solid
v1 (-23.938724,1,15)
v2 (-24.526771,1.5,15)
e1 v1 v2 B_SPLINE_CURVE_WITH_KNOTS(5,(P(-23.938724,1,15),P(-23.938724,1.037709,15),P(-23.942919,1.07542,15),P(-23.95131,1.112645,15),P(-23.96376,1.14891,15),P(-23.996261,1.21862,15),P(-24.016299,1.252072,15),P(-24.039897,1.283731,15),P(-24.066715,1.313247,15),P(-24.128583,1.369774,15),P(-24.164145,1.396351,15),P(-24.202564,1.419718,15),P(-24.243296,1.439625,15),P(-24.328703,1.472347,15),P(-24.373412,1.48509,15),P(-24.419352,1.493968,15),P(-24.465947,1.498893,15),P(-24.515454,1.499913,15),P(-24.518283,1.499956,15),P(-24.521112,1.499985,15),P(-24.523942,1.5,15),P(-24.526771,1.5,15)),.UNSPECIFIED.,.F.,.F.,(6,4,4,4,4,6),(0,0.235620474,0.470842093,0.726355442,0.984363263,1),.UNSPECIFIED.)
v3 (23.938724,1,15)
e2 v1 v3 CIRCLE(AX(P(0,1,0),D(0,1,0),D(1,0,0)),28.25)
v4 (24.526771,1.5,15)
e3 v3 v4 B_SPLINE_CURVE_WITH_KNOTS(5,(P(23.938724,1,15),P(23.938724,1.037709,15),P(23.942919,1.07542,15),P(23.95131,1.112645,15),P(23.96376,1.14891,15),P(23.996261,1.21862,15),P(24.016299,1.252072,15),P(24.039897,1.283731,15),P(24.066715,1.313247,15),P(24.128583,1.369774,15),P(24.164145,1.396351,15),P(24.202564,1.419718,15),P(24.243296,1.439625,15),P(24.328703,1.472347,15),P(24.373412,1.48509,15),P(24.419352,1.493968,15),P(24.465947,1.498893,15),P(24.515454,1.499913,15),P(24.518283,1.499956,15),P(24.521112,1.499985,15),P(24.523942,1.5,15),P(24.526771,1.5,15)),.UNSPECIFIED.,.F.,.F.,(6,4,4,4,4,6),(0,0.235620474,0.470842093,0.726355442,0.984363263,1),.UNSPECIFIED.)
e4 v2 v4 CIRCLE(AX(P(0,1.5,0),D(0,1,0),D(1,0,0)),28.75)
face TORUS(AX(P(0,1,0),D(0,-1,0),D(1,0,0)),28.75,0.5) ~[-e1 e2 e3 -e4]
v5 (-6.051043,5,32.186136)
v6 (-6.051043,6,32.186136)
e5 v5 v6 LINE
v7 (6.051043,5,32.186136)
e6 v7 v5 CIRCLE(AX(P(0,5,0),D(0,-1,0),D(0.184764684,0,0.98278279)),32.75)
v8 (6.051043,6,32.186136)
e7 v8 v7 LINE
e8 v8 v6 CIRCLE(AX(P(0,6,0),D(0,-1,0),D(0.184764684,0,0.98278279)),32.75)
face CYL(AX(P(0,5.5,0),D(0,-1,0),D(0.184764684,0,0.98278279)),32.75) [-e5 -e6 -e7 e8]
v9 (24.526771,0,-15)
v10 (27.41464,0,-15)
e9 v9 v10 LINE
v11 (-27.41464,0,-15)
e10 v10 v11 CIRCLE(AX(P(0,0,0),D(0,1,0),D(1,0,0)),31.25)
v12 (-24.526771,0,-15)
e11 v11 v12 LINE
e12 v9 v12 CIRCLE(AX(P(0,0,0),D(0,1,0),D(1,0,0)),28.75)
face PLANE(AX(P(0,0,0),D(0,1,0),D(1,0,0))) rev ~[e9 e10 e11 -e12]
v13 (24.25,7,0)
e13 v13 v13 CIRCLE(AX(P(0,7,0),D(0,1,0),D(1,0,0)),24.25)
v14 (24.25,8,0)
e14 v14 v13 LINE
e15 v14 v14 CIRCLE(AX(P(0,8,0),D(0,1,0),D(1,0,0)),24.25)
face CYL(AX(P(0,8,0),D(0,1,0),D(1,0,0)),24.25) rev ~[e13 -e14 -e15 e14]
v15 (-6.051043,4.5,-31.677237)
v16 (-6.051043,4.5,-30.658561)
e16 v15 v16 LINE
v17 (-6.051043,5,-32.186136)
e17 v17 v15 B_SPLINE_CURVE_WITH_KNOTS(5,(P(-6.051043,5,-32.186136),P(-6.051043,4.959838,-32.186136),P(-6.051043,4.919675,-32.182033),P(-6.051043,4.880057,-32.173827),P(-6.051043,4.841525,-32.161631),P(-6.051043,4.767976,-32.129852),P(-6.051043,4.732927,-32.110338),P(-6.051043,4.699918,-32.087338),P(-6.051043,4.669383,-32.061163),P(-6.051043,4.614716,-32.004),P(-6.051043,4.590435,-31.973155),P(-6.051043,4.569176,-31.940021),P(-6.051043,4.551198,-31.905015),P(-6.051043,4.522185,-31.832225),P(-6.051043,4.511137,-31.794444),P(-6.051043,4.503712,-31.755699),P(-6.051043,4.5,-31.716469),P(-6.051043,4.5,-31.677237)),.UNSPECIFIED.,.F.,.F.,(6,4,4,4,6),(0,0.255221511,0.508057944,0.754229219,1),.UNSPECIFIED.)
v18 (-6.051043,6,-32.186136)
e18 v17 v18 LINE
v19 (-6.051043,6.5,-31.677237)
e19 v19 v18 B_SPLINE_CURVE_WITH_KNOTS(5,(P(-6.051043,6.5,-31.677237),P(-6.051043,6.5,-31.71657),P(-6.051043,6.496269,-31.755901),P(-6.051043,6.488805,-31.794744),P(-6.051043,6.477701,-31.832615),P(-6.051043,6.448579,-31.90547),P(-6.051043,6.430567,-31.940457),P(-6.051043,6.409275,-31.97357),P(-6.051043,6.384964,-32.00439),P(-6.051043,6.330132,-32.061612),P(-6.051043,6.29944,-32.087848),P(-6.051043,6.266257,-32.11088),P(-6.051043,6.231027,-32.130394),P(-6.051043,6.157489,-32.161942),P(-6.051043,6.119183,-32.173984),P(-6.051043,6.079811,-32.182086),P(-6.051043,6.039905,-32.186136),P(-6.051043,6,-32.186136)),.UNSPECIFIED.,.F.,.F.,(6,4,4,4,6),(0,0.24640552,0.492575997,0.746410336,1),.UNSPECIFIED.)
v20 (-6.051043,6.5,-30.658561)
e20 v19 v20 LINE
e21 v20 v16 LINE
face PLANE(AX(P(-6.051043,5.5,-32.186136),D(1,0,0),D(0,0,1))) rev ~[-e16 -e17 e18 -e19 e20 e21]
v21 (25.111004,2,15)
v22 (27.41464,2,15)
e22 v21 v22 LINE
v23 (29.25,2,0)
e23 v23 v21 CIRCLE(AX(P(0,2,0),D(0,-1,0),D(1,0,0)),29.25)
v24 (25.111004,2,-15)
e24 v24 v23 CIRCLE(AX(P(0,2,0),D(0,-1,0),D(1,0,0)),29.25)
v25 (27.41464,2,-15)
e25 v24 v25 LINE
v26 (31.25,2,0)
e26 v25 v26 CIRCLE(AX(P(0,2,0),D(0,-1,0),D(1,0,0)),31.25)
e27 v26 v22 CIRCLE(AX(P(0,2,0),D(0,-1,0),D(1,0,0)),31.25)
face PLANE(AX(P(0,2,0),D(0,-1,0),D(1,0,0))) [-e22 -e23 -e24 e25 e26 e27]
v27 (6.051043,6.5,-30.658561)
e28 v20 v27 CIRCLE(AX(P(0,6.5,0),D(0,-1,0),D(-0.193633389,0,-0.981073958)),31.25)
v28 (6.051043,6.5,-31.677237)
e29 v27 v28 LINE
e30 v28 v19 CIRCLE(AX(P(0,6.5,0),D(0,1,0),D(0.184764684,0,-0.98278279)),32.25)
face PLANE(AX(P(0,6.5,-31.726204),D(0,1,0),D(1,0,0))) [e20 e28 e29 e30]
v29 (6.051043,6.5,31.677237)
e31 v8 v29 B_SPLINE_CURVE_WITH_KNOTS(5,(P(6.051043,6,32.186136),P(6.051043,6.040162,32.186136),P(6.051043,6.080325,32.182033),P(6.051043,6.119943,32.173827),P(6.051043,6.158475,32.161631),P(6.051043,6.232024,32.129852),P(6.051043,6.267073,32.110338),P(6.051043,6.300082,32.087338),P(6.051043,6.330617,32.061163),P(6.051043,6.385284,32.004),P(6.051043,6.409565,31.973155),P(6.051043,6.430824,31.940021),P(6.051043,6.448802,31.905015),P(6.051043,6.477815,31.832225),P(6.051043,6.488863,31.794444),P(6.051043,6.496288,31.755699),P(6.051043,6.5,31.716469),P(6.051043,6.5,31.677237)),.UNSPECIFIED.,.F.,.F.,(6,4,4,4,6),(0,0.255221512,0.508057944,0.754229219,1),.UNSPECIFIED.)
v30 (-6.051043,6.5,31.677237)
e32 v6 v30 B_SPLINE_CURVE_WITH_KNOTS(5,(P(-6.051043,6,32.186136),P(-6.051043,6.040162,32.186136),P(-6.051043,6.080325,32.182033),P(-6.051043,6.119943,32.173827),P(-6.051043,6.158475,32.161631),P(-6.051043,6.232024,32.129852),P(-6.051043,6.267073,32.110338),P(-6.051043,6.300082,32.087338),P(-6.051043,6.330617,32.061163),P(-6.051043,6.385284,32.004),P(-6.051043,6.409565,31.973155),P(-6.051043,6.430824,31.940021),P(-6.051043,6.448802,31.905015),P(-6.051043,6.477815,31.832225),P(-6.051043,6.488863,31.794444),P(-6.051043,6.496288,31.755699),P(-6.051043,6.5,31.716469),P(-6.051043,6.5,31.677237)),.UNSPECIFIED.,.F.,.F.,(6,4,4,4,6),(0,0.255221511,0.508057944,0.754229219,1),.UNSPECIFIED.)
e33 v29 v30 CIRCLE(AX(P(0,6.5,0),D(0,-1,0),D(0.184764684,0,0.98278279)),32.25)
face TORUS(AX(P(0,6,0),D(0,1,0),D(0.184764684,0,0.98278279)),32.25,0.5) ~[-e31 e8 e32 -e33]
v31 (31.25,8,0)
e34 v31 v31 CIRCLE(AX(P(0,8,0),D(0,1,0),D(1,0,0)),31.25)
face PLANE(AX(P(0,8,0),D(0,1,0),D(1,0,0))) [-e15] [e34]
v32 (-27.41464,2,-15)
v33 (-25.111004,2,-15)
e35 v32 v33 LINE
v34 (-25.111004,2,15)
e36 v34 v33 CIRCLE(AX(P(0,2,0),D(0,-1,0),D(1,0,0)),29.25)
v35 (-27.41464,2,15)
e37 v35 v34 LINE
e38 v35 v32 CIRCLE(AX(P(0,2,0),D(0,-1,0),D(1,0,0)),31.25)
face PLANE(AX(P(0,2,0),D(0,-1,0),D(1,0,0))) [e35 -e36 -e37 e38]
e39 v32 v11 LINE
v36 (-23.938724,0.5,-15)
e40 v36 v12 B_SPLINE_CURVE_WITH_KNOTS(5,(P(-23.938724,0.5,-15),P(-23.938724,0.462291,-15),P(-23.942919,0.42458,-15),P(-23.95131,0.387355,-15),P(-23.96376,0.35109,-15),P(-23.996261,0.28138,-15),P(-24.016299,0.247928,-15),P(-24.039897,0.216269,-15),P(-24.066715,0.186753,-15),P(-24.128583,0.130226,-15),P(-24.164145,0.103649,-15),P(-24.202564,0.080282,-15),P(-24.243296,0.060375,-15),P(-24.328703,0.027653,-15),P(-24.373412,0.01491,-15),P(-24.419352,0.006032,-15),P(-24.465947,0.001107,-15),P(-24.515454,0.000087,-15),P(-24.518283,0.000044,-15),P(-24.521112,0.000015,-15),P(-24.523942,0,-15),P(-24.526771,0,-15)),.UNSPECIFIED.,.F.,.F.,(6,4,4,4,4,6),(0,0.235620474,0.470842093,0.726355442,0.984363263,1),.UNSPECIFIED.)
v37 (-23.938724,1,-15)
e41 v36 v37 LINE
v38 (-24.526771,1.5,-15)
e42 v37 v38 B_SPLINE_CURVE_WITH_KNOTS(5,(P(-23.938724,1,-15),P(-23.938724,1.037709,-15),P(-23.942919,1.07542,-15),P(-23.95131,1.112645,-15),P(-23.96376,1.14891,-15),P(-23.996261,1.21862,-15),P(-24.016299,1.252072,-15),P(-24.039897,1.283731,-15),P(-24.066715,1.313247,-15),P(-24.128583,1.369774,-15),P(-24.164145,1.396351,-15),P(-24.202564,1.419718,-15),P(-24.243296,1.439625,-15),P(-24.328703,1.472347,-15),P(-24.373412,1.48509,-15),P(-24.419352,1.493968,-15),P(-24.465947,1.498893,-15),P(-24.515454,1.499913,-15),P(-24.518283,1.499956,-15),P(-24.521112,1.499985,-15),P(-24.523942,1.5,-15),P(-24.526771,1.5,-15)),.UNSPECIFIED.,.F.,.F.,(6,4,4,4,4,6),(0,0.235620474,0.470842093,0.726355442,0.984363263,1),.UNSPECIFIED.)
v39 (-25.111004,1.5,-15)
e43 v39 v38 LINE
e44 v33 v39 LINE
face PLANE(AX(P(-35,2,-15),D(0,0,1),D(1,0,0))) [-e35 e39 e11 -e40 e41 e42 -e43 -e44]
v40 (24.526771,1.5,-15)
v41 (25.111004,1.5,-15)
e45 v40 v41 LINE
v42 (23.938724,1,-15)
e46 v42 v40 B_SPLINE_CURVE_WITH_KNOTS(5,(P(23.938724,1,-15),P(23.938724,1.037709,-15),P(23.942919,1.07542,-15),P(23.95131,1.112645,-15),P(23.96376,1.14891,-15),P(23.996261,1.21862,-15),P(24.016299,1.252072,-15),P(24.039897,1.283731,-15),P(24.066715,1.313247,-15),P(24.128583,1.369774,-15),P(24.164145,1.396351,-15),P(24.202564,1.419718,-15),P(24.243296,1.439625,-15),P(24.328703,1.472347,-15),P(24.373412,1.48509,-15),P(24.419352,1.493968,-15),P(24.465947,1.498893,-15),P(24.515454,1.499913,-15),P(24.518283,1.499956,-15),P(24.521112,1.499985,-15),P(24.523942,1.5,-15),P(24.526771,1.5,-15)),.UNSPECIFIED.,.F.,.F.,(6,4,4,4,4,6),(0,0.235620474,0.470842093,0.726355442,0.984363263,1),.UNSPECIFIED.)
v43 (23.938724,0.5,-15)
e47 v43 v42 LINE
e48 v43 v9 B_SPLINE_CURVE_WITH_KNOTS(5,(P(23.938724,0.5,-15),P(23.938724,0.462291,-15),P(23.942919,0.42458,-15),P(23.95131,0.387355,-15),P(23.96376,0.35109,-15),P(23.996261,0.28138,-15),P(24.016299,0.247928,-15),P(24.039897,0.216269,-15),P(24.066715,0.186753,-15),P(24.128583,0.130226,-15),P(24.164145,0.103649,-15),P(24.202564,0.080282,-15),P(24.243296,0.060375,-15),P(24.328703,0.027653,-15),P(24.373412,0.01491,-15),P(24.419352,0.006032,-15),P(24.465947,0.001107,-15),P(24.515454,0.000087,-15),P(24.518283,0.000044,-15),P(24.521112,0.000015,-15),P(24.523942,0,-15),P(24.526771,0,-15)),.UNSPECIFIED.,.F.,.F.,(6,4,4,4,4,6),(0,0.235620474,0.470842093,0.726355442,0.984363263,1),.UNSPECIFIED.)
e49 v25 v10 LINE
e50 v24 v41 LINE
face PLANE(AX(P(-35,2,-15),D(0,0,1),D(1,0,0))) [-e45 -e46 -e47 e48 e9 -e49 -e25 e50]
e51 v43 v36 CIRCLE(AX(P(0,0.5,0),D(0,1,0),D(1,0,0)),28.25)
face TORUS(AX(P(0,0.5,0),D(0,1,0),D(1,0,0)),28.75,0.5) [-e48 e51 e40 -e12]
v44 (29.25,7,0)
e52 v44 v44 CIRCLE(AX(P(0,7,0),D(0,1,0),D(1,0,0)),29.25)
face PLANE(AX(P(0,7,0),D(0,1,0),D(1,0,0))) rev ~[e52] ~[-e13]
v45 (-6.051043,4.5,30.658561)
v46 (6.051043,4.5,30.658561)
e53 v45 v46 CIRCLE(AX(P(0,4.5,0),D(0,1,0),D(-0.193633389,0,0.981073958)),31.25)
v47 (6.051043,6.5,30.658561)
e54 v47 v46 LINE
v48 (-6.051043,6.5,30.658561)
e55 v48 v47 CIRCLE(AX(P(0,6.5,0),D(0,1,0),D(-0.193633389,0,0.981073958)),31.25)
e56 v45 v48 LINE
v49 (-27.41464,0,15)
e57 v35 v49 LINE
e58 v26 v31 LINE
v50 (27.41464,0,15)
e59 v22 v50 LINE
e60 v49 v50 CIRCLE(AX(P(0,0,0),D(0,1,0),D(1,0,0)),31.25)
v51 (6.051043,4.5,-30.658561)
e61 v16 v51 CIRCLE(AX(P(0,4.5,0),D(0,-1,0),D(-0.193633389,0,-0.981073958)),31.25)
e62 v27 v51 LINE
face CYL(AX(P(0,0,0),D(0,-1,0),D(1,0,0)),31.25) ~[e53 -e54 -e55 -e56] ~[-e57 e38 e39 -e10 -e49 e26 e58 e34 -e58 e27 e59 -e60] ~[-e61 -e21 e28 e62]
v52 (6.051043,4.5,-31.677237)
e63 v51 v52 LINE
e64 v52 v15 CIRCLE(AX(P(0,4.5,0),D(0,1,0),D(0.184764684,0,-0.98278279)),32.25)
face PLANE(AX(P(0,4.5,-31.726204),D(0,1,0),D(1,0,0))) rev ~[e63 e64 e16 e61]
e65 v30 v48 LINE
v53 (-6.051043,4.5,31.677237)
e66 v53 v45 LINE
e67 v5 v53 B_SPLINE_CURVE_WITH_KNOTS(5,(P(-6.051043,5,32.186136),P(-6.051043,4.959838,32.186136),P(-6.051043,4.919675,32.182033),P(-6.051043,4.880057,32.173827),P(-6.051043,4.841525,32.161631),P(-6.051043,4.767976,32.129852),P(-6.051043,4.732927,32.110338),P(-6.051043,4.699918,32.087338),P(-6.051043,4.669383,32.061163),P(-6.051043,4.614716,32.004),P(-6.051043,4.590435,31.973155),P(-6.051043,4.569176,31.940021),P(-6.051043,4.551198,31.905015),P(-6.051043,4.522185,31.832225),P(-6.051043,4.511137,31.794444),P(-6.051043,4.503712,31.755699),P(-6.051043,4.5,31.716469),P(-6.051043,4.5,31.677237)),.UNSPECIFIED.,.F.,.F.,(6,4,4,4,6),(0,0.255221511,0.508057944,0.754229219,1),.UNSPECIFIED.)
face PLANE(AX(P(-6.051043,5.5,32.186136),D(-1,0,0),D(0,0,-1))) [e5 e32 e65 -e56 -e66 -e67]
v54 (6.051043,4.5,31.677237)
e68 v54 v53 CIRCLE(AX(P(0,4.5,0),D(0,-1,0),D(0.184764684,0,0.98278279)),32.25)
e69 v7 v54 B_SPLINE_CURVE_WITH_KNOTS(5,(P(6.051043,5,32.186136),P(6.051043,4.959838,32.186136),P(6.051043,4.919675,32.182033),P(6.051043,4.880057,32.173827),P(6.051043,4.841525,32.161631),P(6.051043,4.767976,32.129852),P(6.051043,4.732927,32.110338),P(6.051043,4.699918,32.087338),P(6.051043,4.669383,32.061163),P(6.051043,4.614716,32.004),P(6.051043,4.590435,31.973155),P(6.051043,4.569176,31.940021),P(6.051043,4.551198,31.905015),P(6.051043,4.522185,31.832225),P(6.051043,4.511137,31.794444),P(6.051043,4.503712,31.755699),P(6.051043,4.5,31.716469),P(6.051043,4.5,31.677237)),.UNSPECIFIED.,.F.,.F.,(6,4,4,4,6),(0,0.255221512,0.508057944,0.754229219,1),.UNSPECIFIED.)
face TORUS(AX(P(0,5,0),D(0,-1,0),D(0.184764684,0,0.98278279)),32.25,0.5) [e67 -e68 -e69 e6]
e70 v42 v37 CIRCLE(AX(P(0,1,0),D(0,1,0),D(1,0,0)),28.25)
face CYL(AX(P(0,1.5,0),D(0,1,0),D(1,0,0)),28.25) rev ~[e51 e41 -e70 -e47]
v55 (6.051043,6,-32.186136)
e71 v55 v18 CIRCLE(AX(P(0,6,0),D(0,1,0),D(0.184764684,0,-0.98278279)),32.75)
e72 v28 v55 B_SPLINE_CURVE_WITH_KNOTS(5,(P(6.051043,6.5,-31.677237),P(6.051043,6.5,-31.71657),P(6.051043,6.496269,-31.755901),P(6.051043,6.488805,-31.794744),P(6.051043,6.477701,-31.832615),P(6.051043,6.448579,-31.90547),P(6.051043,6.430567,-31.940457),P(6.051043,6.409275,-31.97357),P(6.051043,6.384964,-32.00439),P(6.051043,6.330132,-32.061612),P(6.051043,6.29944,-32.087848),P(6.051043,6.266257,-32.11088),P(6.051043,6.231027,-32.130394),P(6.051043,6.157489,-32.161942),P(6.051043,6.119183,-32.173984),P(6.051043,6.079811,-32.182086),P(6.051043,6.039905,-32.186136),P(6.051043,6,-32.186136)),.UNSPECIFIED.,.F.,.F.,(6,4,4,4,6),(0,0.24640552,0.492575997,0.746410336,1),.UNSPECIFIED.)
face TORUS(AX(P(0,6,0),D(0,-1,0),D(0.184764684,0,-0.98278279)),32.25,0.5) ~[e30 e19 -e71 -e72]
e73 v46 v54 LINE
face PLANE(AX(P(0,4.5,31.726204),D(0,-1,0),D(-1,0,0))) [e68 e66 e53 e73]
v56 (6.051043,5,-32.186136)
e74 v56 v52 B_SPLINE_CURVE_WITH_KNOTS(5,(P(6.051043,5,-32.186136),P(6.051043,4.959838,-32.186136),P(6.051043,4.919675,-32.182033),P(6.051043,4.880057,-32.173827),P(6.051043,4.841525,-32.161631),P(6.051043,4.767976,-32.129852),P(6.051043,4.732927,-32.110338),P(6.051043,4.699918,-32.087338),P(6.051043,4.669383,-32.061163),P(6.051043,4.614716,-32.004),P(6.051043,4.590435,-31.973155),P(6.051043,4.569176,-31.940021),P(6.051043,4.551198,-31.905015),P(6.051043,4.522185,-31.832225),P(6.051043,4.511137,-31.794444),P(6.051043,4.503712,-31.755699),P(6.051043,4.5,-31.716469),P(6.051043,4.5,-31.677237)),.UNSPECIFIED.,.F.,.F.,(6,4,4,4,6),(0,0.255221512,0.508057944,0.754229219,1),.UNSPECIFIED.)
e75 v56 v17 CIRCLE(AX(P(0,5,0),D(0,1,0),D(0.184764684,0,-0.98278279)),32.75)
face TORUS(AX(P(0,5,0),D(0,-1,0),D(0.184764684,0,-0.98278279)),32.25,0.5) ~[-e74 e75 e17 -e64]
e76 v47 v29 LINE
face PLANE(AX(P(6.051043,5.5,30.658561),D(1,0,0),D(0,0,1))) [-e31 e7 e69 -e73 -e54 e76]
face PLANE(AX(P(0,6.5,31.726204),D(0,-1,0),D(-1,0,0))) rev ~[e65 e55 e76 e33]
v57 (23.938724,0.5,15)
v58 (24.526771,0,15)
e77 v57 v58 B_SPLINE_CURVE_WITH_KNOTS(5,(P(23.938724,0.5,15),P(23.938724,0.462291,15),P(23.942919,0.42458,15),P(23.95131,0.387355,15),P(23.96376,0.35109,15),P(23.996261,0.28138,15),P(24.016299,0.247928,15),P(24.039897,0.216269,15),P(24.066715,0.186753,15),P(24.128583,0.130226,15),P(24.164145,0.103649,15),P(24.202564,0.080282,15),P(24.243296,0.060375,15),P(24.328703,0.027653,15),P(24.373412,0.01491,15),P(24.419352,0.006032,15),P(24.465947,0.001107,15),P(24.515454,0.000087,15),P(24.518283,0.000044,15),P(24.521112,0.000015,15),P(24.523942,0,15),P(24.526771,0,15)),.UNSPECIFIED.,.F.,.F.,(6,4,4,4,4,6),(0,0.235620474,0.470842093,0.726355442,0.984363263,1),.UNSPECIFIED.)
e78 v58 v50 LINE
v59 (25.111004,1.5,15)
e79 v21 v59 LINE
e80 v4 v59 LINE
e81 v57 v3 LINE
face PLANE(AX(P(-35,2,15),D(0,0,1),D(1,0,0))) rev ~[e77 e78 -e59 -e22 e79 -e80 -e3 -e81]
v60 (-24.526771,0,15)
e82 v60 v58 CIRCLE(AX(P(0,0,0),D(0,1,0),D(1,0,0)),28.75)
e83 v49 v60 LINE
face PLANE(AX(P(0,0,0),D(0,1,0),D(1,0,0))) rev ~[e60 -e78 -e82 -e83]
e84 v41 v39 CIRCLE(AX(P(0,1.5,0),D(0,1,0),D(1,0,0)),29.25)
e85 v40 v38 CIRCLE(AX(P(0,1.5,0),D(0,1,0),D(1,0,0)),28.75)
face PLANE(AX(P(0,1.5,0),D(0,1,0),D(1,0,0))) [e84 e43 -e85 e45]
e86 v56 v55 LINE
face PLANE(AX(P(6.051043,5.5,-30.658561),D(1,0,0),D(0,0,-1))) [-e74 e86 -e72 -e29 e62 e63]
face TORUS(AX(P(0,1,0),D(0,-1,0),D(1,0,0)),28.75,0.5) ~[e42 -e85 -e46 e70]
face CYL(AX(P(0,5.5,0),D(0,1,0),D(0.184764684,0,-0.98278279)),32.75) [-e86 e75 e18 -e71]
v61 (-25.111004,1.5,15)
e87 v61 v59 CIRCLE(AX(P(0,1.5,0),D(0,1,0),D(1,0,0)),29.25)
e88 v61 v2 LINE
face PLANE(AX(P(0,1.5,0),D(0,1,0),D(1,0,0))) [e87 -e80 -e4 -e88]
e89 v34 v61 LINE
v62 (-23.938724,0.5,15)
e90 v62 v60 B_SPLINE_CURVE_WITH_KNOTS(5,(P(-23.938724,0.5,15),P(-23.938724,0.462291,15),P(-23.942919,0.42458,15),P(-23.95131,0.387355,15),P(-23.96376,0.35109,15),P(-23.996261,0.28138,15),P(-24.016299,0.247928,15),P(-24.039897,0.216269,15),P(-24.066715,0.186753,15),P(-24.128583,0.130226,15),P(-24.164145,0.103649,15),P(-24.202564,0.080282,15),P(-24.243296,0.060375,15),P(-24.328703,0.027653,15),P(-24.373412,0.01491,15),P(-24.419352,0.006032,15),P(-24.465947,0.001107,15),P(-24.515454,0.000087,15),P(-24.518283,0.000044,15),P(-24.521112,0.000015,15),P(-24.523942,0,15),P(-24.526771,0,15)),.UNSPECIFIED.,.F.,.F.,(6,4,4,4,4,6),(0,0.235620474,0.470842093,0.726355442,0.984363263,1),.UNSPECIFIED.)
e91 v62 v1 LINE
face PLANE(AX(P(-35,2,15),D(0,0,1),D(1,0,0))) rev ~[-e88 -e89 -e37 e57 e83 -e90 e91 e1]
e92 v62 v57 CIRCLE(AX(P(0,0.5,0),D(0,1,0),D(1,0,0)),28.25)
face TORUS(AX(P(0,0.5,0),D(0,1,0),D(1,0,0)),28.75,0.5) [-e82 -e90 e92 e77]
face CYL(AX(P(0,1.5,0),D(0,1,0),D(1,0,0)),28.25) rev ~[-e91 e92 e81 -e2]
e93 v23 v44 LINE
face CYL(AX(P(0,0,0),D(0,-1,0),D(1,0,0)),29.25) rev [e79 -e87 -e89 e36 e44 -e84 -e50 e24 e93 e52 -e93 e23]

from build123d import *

# Parameters (mm, degrees)
SKETCH1_R                = 31.25
SKETCH1_R_2              = 29.25
BOSS_EXTRUDE2_DEPTH      = 8
SKETCH3_R                = 29.25
SKETCH3_R_2              = 28.25
BOSS_EXTRUDE3_DEPTH      = 1.5
FILLET1_R                = 0.5
SKETCH4_R                = 29.25
SKETCH4_R_2              = 24.25
BOSS_EXTRUDE4_DEPTH      = 1
CUT_EXTRUDE3_START       = 5
SKETCH5_W                = 70
SKETCH5_H                = 30
CUT_EXTRUDE3_DEPTH       = 2
BOSS_EXTRUDE5_DEPTH      = 1
BOSS_EXTRUDE5_DEPTH_BACK = 1
FILLET3_R                = 0.5


with BuildPart() as part:
    # Sketch1 → Boss-Extrude2 (new body)
    with BuildSketch(Plane(origin=(0, 0, 0), x_dir=(1, 0, 0), z_dir=(0, 1, 0))):
        Circle(SKETCH1_R)
        Circle(SKETCH1_R_2, mode=Mode.SUBTRACT)
    extrude(amount=BOSS_EXTRUDE2_DEPTH)

    # Sketch3 → Boss-Extrude3 (add)
    with BuildSketch(Plane(origin=(0, 1.5, 0), x_dir=(1, 0, 0), z_dir=(0, 1, 0))):
        Circle(SKETCH3_R)
        Circle(SKETCH3_R_2, mode=Mode.SUBTRACT)
    extrude(amount=-BOSS_EXTRUDE3_DEPTH)

    # Fillet1
    fillet1_edges = [part.edges().sort_by_distance(p)[0] for p in [
        (-28.25, 0, 0),
        (-28.25, 1.5, 0),
    ]]
    fillet(fillet1_edges, radius=FILLET1_R)

    # Sketch4 → Boss-Extrude4 (add)
    with BuildSketch(Plane(origin=(0, 8, 0), x_dir=(1, 0, 0), z_dir=(0, 1, 0))):
        Circle(SKETCH4_R)
        Circle(SKETCH4_R_2, mode=Mode.SUBTRACT)
    extrude(amount=-BOSS_EXTRUDE4_DEPTH)

    # Sketch5 → Cut-Extrude3 (cut)
    with BuildSketch(Plane.XZ.offset(-7).offset(CUT_EXTRUDE3_START)):
        Rectangle(SKETCH5_W, SKETCH5_H)
    extrude(amount=CUT_EXTRUDE3_DEPTH, mode=Mode.SUBTRACT)

    # Sketch6 → Boss-Extrude5 (add, two sides)
    with BuildSketch(Plane(origin=(0, 5.5, 0), x_dir=(1, 0, 0), z_dir=(0, 1, 0))) as boss_extrude5_sk:
        with BuildLine():
            Line((6.051043417, 30.658561179), (6.051043417, 32.186136357))
            ThreePointArc((6.051043417, 32.186136357), (0, 32.75), (-6.051043417, 32.186136357))
            Line((-6.051043417, 32.186136357), (-6.051043417, 30.658561179))
            ThreePointArc((-6.051043417, 30.658561179), (0, 31.25), (6.051043417, 30.658561179))
        make_face()
        with BuildLine():
            Line((-6.051043417, -32.186136357), (-6.051043417, -30.658561179))
            ThreePointArc((-6.051043417, -30.658561179), (0, -31.25), (6.051043417, -30.658561179))
            Line((6.051043417, -30.658561179), (6.051043417, -32.186136357))
            ThreePointArc((6.051043417, -32.186136357), (0, -32.75), (-6.051043417, -32.186136357))
        make_face()
    extrude(amount=BOSS_EXTRUDE5_DEPTH)
    extrude(boss_extrude5_sk.sketch, amount=-BOSS_EXTRUDE5_DEPTH_BACK)

    # Fillet3
    fillet3_edges = [part.edges().sort_by_distance(p)[0] for p in [
        (0, 4.5, -32.75),
        (0, 6.5, -32.75),
        (0, 4.5, 32.75),
        (0, 6.5, 32.75),
    ]]
    fillet(fillet3_edges, radius=FILLET3_R)


solid = part.part
